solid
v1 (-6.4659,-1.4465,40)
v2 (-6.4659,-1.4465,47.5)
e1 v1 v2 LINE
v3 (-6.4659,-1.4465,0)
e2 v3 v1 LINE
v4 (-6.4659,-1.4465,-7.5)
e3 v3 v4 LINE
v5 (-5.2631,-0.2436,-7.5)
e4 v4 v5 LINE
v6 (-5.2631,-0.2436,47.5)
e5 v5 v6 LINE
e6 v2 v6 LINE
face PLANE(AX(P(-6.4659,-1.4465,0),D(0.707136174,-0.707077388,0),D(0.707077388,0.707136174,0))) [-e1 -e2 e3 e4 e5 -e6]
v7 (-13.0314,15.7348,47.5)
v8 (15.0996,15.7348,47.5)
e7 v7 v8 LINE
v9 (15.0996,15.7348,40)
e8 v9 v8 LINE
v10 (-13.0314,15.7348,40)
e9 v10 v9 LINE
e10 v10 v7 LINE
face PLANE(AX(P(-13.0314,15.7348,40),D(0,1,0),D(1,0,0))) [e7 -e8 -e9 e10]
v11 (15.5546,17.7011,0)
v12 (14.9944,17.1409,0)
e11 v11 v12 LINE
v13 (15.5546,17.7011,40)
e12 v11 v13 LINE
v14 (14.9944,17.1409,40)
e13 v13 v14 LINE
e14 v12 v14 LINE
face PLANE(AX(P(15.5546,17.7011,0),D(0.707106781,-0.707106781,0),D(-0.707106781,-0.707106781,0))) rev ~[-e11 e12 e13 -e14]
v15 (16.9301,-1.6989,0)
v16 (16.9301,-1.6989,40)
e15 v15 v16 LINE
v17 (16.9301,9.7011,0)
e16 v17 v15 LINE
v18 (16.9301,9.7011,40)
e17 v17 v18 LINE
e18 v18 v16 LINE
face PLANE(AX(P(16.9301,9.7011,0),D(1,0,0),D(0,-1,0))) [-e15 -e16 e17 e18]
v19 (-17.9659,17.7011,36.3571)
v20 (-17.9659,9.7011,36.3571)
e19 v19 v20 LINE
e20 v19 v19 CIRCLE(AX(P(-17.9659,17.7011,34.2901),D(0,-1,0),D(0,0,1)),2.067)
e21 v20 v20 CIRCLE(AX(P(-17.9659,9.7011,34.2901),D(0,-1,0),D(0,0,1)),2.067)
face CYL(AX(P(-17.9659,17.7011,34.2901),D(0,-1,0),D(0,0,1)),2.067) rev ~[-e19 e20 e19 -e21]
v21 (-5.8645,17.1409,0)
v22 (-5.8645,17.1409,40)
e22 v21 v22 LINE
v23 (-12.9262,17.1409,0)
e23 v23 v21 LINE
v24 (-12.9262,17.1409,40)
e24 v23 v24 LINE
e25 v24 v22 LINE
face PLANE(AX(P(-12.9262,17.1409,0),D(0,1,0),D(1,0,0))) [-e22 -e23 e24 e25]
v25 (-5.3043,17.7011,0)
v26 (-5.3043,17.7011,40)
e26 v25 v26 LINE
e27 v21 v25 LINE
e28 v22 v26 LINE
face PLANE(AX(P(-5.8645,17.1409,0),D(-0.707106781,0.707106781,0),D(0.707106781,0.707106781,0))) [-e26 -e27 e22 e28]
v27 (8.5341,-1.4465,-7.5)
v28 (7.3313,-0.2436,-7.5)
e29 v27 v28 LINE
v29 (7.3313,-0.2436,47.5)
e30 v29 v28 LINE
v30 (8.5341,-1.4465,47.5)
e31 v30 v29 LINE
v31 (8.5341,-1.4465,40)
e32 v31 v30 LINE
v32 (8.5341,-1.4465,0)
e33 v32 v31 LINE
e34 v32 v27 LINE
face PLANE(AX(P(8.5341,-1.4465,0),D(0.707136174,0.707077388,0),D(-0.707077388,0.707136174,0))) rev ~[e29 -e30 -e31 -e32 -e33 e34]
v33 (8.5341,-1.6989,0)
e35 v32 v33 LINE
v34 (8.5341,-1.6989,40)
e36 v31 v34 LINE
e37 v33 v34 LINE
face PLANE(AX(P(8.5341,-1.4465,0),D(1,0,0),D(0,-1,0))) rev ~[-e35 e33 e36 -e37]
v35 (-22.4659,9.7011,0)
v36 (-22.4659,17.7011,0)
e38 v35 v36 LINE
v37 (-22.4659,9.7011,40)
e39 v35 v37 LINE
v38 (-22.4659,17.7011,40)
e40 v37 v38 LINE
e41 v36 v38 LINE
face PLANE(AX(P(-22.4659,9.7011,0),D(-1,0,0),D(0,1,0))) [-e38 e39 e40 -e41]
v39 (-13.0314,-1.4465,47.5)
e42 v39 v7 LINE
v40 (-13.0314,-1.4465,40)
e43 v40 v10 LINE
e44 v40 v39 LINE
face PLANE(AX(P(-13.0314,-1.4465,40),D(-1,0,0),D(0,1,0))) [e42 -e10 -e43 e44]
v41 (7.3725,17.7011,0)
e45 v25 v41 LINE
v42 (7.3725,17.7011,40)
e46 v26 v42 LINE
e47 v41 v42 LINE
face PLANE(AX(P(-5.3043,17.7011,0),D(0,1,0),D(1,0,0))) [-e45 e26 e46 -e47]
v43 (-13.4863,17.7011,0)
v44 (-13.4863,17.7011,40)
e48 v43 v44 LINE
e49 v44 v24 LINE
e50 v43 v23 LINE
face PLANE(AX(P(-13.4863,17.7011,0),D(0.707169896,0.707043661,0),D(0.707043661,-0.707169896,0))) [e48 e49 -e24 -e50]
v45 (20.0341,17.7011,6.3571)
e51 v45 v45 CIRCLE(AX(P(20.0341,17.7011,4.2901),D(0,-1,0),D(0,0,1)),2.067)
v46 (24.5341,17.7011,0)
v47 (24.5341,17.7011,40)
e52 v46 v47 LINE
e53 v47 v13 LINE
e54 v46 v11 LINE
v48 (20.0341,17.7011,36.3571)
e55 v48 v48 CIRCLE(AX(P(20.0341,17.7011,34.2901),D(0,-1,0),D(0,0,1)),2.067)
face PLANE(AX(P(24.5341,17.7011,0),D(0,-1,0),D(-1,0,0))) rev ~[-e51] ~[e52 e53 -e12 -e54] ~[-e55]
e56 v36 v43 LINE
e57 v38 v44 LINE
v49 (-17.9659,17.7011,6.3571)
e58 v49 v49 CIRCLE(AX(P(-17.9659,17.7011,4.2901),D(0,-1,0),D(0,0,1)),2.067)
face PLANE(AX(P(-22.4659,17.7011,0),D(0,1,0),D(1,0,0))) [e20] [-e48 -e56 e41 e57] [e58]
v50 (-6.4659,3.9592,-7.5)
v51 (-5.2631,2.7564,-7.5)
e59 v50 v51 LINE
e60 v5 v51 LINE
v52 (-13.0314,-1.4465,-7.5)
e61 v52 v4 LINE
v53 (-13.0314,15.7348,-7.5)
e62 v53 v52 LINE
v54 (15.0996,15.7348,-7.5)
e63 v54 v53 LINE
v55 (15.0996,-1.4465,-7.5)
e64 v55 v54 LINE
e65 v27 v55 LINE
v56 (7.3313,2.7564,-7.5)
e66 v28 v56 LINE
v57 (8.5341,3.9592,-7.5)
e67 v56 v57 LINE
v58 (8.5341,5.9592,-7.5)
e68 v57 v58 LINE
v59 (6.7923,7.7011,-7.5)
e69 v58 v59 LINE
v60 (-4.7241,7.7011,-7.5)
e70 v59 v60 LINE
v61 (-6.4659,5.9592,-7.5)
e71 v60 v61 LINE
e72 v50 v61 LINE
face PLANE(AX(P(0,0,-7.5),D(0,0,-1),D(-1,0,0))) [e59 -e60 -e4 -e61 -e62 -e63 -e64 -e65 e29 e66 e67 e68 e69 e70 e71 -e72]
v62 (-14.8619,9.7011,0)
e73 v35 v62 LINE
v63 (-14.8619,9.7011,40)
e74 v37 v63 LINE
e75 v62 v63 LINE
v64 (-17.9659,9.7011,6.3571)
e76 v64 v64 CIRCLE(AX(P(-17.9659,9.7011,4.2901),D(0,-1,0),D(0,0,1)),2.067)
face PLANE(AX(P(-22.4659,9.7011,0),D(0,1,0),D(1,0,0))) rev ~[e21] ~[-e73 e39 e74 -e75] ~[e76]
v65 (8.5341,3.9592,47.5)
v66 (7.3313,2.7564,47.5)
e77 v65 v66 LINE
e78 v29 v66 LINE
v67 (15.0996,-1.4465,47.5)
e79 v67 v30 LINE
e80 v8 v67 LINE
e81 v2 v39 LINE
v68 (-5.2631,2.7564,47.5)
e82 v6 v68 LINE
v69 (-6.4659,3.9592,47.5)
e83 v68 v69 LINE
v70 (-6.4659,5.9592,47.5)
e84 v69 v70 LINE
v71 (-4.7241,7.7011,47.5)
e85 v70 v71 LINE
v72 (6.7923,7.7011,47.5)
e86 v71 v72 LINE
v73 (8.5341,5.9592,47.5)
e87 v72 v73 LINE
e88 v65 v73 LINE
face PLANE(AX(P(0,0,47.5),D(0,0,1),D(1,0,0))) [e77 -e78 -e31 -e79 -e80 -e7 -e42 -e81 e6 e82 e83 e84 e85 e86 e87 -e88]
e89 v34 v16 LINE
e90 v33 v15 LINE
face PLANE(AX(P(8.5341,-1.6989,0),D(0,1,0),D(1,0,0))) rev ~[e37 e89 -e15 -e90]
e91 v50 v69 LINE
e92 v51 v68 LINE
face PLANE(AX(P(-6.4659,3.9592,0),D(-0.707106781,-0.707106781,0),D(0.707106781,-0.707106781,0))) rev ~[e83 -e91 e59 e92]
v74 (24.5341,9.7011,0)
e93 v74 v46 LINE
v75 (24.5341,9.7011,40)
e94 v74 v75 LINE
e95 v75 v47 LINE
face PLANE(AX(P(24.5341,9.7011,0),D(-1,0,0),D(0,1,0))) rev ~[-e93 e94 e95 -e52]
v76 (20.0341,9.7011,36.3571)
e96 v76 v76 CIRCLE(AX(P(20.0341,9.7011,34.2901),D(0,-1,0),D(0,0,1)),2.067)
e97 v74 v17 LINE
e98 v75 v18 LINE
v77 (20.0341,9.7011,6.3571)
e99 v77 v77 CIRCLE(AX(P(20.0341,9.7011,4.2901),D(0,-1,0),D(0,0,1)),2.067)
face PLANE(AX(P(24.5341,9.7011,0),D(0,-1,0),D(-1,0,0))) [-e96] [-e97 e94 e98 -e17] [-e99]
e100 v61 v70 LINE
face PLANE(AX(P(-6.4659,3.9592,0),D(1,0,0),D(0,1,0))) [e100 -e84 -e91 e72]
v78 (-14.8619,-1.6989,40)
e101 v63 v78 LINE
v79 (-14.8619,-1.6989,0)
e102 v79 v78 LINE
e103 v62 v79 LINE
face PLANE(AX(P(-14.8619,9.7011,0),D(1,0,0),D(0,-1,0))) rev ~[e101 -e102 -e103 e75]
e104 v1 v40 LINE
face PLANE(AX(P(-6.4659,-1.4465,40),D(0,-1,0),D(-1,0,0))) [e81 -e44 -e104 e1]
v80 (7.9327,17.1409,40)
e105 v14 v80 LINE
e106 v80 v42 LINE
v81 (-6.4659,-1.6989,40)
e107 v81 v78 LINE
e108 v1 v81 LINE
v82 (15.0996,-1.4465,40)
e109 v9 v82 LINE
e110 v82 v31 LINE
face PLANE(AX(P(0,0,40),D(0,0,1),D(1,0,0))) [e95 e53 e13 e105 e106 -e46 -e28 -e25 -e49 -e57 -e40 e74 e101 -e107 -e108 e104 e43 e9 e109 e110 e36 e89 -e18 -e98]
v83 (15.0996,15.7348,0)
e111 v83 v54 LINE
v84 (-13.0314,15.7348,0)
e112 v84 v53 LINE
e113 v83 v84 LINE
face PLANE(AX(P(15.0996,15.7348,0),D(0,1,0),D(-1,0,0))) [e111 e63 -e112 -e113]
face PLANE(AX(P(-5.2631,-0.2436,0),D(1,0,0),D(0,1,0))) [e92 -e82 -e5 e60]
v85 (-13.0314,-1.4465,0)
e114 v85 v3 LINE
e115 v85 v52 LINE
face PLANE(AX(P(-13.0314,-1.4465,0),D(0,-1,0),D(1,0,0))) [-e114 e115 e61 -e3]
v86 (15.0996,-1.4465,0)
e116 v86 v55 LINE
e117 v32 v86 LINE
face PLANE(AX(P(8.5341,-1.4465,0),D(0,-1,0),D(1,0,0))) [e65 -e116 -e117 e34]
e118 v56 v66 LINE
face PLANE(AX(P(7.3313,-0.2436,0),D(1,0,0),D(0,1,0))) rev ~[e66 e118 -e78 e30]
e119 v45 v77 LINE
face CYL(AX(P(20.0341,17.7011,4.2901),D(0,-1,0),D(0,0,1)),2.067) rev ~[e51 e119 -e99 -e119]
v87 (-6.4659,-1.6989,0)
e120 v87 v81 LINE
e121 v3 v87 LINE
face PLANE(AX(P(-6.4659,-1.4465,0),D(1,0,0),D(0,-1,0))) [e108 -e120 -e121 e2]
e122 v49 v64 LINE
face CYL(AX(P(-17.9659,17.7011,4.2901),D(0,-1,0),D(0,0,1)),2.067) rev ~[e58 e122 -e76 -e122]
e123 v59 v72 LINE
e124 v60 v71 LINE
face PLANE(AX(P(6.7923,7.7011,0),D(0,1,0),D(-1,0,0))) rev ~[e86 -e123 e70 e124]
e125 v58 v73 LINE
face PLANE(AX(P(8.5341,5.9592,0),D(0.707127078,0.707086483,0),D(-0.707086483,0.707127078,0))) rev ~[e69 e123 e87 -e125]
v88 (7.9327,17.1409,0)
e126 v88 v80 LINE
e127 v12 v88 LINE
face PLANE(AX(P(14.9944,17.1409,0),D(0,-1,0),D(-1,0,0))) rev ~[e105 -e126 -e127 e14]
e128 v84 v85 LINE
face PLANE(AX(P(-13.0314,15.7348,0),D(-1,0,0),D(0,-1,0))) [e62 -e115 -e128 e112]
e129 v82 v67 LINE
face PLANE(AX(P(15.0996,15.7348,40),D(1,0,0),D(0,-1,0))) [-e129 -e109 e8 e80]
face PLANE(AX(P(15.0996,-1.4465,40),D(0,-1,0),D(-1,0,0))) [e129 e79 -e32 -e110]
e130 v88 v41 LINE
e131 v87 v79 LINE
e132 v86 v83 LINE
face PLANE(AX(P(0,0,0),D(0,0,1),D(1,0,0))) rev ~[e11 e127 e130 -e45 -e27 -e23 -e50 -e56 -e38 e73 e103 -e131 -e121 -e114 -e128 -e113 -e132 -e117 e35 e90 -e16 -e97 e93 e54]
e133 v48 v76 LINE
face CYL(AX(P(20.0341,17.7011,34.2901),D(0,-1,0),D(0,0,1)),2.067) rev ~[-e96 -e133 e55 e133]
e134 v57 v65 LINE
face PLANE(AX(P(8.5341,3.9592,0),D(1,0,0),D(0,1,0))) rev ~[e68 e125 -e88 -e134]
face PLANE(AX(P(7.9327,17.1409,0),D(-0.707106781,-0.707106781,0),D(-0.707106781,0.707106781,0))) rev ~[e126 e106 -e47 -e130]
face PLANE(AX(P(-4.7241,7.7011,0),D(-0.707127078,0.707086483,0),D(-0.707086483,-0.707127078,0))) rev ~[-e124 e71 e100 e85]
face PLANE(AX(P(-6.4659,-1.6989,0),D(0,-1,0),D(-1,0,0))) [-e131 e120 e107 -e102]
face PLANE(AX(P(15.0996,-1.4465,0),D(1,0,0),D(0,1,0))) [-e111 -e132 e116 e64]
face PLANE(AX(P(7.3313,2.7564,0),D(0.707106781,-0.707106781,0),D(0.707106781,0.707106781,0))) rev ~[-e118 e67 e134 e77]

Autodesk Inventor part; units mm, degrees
ref_plane "YZ Plane" through (0, 0, 0) normal (1, 0, 0) x (0, 1, 0)
ref_plane "XZ Plane" through (0, 0, 0) normal (0, 1, 0) x (-1, 0, 0)
ref_plane "XY Plane" through (0, 0, 0) normal (0, 0, 1) x (1, 0, 0)
sketch "Esboço1" plane through (0, 0, 0) normal (0, 0, 1) x (1, 0, 0)
  line L0 (1.0341, 28.7122) -> (1.0341, -32.1101) construction
  line L1 (1.0341, 7.7011) -> (-4.7241, 7.7011)
  line L2 (-4.7241, 7.7011) -> (-6.4659, 5.9592)
  line L3 (-6.4659, 5.9592) -> (-6.4659, 3.9592)
  line L4 (-6.4659, 3.9592) -> (-5.2631, 2.7564)
  line L5 (-5.2631, 2.7564) -> (-5.2631, -0.2436)
  line L6 (-5.2631, -0.2436) -> (-6.4659, -1.4465)
  line L7 (-6.4659, -1.4465) -> (-6.4659, -1.6989)
  line L8 (-6.4659, -6.2989) -> (1.0341, -6.2989) construction
  line L9 (-22.4659, 9.7011) -> (-22.4659, 17.7011)
  line L10 (-17.9659, 24.9392) -> (-17.9659, -12.707) construction
  line L11 (-20.4659, 24.9392) -> (-20.4659, -12.707) construction
  line L12 (-15.4659, 24.9392) -> (-15.4659, -12.9196) construction
  line L13 (1.0341, 9.7011) -> (-29.6062, 9.7011) construction
  line L14 (-22.4659, 9.7011) -> (-14.8619, 9.7011)
  line L15 (-14.8619, 9.7011) -> (-14.8619, -1.6989)
  line L16 (1.0341, 16.4633) -> (-13.4863, 16.4633) construction
  line L17 (-13.4863, 16.4633) -> (-13.4863, -1.6989) construction
  arc A0 (-14.8619, -1.6989) -> (-22.4659, 9.7011) centre (-28.6186, -2.6389) ccw construction
  line L18 (-6.4659, -1.6989) -> (-6.4659, -6.2989) construction
  line L19 (-6.4659, -1.6989) -> (-14.8619, -1.6989)
  line L20 (-13.4863, 17.7011) -> (-12.9262, 17.1409)
  line L21 (-12.9262, 17.1409) -> (-5.8645, 17.1409)
  line L22 (-5.8645, 17.1409) -> (-5.3043, 17.7011)
  line L23 (-22.4659, 17.7011) -> (-13.4863, 17.7011)
  line L24 (-5.3043, 17.7011) -> (1.0341, 17.7011)
  line L25 (1.0341, 7.7011) -> (6.7923, 7.7011)
  line L26 (6.7923, 7.7011) -> (8.5341, 5.9592)
  line L27 (8.5341, 5.9592) -> (8.5341, 3.9592)
  line L28 (8.5341, 3.9592) -> (7.3313, 2.7564)
  line L29 (7.3313, 2.7564) -> (7.3313, -0.2436)
  line L30 (7.3313, -0.2436) -> (8.5341, -1.4465)
  line L31 (8.5341, -1.4465) -> (8.5341, -1.6989)
  line L32 (8.5341, -6.2989) -> (1.0341, -6.2989) construction
  line L33 (24.5341, 9.7011) -> (24.5341, 17.7011)
  line L34 (20.0341, 24.9392) -> (20.0341, -12.707) construction
  line L35 (22.5341, 24.9392) -> (22.5341, -12.707) construction
  line L36 (17.5341, 24.9392) -> (17.5341, -12.9196) construction
  line L37 (1.0341, 9.7011) -> (31.6744, 9.7011) construction
  line L38 (24.5341, 9.7011) -> (16.9301, 9.7011)
  line L39 (16.9301, 9.7011) -> (16.9301, -1.6989)
  line L40 (1.0341, 16.4633) -> (15.5546, 16.4633) construction
  line L41 (15.5546, 16.4633) -> (15.5546, -1.6989) construction
  arc A1 (24.5341, 9.7011) -> (16.9301, -1.6989) centre (30.6868, -2.6389) ccw construction
  line L42 (8.5341, -1.6989) -> (8.5341, -6.2989) construction
  line L43 (8.5341, -1.6989) -> (16.9301, -1.6989)
  line L44 (15.5546, 17.7011) -> (14.9944, 17.1409)
  line L45 (14.9944, 17.1409) -> (7.9327, 17.1409)
  line L46 (7.9327, 17.1409) -> (7.3725, 17.7011)
  line L47 (24.5341, 17.7011) -> (15.5546, 17.7011)
  line L48 (7.3725, 17.7011) -> (1.0341, 17.7011)
  dimension "d11" = 45
  dimension "d12" = 3
  dimension "d13" = 14
  dimension "d14" = 2
  dimension "d15" = 7.5
  dimension "d19" = 23.5
  dimension "d21" = 2.5
  dimension "d22" = 2.5
  dimension "d23" = 19
extrude "Extrusão2" add sketch "Esboço1" along normal blind 40
sketch "Esboço2" plane through (0, 0, 40) normal (0, 0, 1) x (1, 0, 0)
  line L0 (-13.0314, -1.4465) -> (-13.0314, 15.7348)
  line L1 (-13.0314, 15.7348) -> (15.0996, 15.7348)
  line L2 (15.0996, 15.7348) -> (15.0996, -1.4465)
  line L3 (-6.4659, -1.4465) -> (-5.2631, -0.2436) projected
  line L4 (-6.4659, -1.4465) -> (-5.2631, -0.2436)
  line L5 (-5.2631, 2.7564) -> (-6.4659, 3.9592) projected
  line L6 (-5.2631, -0.2436) -> (-5.2631, 2.7564)
  line L7 (-5.2631, 2.7564) -> (-6.4659, 3.9592)
  line L8 (-6.4659, 3.9592) -> (-6.4659, 5.9592) projected
  line L9 (-6.4659, 3.9592) -> (-6.4659, 5.9592)
  line L10 (-6.4659, 5.9592) -> (-4.7241, 7.7011) projected
  line L11 (-6.4659, 5.9592) -> (-4.7241, 7.7011)
  line L12 (-4.7241, 7.7011) -> (6.7923, 7.7011) projected
  line L13 (-4.7241, 7.7011) -> (6.7923, 7.7011)
  line L14 (6.7923, 7.7011) -> (8.5341, 5.9592) projected
  line L15 (6.7923, 7.7011) -> (8.5341, 5.9592)
  line L16 (8.5341, 3.9592) -> (8.5341, 5.9592) projected
  line L17 (8.5341, 5.9592) -> (8.5341, 3.9592)
  line L18 (7.3313, -0.2436) -> (7.3313, 2.7564) projected
  line L19 (8.5341, 3.9592) -> (7.3313, 2.7564)
  line L20 (7.3313, 2.7564) -> (7.3313, -0.2436)
  line L21 (8.5341, -1.4465) -> (7.3313, -0.2436) projected
  line L22 (7.3313, -0.2436) -> (8.5341, -1.4465)
  line L23 (15.0996, -1.4465) -> (8.5341, -1.4465)
  line L24 (-6.4659, -1.4465) -> (-13.0314, -1.4465)
extrude "Extrusão3" add sketch "Esboço2" along normal blind 7.5
sketch "Esboço3" plane through (0, 0, 0) normal (0, 0, -1) x (-1, 0, 0)
  line L0 (-15.0996, -1.4465) -> (-15.0996, 15.7348)
  line L1 (-15.0996, 15.7348) -> (13.0314, 15.7348)
  line L2 (13.0314, 15.7348) -> (13.0314, -1.4465)
  line L3 (-8.5341, -1.4465) -> (-7.3313, -0.2436)
  line L4 (-8.5341, -1.4465) -> (-7.3313, -0.2436)
  line L5 (-7.3313, 2.7564) -> (-8.5341, 3.9592)
  line L6 (-7.3313, -0.2436) -> (-7.3313, 2.7564)
  line L7 (-7.3313, 2.7564) -> (-8.5341, 3.9592)
  line L8 (-8.5341, 3.9592) -> (-8.5341, 5.9592)
  line L9 (-8.5341, 3.9592) -> (-8.5341, 5.9592)
  line L10 (-8.5341, 5.9592) -> (-6.7923, 7.7011)
  line L11 (-8.5341, 5.9592) -> (-6.7923, 7.7011)
  line L12 (-6.7923, 7.7011) -> (4.7241, 7.7011)
  line L13 (-6.7923, 7.7011) -> (4.7241, 7.7011)
  line L14 (4.7241, 7.7011) -> (6.4659, 5.9592)
  line L15 (4.7241, 7.7011) -> (6.4659, 5.9592)
  line L16 (6.4659, 3.9592) -> (6.4659, 5.9592)
  line L17 (6.4659, 5.9592) -> (6.4659, 3.9592)
  line L18 (5.2631, -0.2436) -> (5.2631, 2.7564)
  line L19 (6.4659, 3.9592) -> (5.2631, 2.7564)
  line L20 (5.2631, 2.7564) -> (5.2631, -0.2436)
  line L21 (6.4659, -1.4465) -> (5.2631, -0.2436)
  line L22 (5.2631, -0.2436) -> (6.4659, -1.4465)
  line L23 (13.0314, -1.4465) -> (6.4659, -1.4465)
  line L24 (-8.5341, -1.4465) -> (-15.0996, -1.4465)
  point P0 (0, 0)
  point P1 (-1.0341, 15.7348)
extrude "Extrusão4" add sketch "Esboço3" along normal blind 7.5
sketch "Esboço4" plane through (-5.3043, 17.7011, 0) normal (0, 1, 0) x (1, 0, 0)
  line L0 (6.3384, -52.3357) -> (6.3384, 13.624) construction
  line L1 (-22.2826, -19.2901) -> (34.758, -19.2901) construction
  circle A0 centre (-12.6616, -34.2901) radius 1 construction
  circle A1 centre (-12.6616, -4.2901) radius 1 construction
  circle A2 centre (25.3384, -34.2901) radius 1 construction
  circle A3 centre (25.3384, -4.2901) radius 1 construction
  dimension "d31" = 2
  dimension "d32" = 2
  dimension "d33" = 2
  dimension "d34" = 2
  dimension "d35" = 19
  dimension "d36" = 19
  dimension "d37" = 19
  dimension "d38" = 19
  dimension "d39" = 15
  dimension "d40" = 15
  dimension "d41" = 15
  dimension "d42" = 15
hole "Furo1" at (-17.9659, 17.7011, 4.2901) at (-17.9659, 17.7011, 34.2901) at (20.0341, 17.7011, 34.2901) at (20.0341, 17.7011, 4.2901) direction (0, -1, 0) diameter 4.134 end through all thread size "M5x0.8" class "6H" standard "ANSI Metric M Profile"
equation "\"d22\" = d21"
equation "\"d36\" = d35"
equation "\"d37\" = d35"
equation "\"d38\" = d35"
equation "\"d40\" = d39"
equation "\"d41\" = d39"
equation "\"d42\" = d39"
properties part number "PATINS TRILHO LINEAR 15MM DFH-A_AL"
